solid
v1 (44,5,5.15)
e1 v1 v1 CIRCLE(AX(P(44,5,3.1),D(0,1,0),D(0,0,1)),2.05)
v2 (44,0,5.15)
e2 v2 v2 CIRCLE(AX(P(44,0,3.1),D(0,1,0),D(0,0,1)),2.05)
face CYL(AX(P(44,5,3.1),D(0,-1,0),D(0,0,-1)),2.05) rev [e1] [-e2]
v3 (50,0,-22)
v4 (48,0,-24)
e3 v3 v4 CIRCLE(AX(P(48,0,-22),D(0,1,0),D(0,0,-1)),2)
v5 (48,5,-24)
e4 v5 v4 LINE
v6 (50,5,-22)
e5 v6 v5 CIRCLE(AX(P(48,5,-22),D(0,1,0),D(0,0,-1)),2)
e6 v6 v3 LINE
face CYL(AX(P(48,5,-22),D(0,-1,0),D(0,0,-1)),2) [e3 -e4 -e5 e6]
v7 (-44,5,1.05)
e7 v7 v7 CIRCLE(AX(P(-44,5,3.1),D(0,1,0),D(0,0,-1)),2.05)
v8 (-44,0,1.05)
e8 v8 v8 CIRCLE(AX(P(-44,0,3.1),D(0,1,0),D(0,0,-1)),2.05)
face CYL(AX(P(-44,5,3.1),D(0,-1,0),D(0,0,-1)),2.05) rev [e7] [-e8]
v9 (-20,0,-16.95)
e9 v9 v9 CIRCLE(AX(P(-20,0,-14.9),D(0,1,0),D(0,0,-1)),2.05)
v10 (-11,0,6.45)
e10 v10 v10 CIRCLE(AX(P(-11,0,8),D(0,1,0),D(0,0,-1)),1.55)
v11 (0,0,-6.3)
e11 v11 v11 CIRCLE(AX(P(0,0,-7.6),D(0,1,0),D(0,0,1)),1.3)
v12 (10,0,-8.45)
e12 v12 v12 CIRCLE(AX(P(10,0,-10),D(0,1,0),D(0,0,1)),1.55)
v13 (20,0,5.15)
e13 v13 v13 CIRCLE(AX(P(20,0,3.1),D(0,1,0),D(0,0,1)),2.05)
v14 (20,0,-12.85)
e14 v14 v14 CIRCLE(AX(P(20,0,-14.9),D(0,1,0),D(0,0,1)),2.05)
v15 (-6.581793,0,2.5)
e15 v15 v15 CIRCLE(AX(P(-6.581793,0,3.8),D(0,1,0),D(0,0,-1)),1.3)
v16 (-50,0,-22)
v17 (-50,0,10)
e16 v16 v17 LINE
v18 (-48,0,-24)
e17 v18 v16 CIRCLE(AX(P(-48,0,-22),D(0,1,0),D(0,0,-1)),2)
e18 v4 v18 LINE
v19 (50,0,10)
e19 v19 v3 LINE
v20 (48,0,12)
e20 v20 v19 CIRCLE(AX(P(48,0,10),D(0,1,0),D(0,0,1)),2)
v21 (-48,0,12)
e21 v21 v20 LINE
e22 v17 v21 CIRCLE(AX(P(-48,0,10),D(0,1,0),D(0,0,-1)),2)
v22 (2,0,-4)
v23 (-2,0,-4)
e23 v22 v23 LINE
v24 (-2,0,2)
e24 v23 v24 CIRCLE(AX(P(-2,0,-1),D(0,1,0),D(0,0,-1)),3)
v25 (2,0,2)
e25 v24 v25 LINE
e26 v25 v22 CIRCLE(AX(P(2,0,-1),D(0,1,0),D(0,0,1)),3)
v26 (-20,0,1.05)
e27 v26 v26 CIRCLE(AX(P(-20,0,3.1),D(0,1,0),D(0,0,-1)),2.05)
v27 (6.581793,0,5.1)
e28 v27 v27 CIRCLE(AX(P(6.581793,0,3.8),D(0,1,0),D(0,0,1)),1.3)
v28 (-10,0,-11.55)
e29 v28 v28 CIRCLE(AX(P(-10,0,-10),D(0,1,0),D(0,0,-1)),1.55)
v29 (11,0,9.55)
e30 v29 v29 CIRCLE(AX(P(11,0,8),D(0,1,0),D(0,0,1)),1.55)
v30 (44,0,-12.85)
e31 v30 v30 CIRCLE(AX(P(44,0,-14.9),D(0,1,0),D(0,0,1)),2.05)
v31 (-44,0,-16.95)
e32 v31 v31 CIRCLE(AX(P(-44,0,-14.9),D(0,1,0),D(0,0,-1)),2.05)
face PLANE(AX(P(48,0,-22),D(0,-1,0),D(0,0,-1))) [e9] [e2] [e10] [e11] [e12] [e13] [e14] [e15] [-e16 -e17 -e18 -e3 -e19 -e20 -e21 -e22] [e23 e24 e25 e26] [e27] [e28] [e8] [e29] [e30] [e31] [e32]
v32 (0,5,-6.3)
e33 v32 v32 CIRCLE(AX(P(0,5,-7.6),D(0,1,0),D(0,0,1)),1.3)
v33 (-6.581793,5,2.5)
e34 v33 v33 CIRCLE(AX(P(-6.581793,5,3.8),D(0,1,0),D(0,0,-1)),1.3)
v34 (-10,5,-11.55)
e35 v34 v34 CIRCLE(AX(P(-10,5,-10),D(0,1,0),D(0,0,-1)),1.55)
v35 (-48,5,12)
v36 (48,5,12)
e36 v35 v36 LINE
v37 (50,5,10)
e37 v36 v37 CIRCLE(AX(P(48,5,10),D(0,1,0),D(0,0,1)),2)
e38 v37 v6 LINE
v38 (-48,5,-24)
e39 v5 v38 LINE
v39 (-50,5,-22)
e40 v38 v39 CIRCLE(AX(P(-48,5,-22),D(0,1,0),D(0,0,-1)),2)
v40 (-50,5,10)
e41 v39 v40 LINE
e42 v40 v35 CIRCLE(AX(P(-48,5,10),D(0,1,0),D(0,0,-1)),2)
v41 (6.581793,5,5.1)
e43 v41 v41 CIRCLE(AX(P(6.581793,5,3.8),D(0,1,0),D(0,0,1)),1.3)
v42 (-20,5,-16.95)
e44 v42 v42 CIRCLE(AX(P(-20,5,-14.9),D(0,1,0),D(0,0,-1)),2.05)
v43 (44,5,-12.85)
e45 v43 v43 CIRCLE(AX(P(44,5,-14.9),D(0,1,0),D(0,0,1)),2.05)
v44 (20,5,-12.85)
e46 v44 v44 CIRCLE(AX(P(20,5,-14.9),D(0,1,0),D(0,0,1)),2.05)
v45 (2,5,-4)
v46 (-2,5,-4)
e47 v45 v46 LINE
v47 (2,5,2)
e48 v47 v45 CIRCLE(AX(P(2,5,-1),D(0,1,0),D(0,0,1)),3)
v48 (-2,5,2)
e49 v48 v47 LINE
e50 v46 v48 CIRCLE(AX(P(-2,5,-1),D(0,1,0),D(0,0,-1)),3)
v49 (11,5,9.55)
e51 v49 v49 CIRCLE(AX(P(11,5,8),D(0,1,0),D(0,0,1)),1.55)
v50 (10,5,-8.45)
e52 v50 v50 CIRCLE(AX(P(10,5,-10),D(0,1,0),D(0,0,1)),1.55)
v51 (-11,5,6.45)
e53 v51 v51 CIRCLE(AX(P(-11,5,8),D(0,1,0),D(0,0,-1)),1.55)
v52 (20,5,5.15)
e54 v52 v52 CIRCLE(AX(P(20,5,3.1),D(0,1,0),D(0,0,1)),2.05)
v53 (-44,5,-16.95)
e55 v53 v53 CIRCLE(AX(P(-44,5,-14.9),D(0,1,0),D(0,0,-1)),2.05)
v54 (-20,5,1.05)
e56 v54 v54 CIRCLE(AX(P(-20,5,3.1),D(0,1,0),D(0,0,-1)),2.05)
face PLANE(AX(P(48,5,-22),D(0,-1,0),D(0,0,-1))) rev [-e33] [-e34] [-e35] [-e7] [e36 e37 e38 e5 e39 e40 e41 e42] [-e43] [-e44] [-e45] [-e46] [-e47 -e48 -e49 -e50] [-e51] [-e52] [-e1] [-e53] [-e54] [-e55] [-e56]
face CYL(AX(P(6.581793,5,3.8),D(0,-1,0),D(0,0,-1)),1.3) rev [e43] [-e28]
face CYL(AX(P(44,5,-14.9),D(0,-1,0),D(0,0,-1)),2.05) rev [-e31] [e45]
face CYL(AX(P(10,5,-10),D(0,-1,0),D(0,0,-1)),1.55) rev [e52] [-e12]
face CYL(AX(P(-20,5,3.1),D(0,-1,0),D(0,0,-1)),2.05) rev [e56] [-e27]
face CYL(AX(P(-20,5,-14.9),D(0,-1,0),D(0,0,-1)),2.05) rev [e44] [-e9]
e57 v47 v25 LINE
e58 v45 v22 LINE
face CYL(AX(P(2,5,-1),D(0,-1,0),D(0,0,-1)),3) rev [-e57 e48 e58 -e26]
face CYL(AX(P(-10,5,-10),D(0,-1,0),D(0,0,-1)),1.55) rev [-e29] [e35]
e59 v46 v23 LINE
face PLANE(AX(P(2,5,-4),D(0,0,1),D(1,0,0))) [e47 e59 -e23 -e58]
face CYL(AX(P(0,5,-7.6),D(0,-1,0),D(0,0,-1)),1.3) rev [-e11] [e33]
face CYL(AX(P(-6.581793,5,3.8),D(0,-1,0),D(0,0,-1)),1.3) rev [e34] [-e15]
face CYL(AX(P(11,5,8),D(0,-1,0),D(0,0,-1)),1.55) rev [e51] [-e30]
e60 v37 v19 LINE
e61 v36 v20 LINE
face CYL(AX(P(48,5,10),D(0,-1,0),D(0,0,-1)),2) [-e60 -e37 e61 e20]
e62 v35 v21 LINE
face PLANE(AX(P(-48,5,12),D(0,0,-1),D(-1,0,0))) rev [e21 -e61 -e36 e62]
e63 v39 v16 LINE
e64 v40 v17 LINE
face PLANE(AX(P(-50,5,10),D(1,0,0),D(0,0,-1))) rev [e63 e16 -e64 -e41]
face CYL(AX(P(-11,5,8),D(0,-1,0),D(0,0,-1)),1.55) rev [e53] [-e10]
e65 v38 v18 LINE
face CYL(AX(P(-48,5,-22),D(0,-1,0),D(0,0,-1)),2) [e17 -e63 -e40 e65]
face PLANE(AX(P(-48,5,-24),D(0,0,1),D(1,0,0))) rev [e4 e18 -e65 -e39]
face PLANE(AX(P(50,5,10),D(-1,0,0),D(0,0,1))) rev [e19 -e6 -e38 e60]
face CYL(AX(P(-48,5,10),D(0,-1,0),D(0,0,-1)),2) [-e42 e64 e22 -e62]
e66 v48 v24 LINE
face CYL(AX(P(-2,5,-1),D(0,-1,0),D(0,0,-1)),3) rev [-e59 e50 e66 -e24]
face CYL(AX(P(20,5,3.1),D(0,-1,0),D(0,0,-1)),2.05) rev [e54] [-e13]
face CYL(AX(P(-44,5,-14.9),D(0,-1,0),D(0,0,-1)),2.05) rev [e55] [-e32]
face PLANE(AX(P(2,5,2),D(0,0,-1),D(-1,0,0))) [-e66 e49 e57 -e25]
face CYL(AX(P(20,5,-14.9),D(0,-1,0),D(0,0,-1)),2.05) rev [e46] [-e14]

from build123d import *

# Parameters (mm, degrees)
SKETCH1_R           = 1.3
SKETCH1_R_2         = 2.05
SKETCH1_R_3         = 1.55
BOSS_EXTRUDE1_DEPTH = 5


with BuildPart() as part:
    # Sketch1 → Boss-Extrude1 (new body)
    with BuildSketch(Plane(origin=(0, 0, 0), x_dir=(1, 0, 0), z_dir=(0, 1, 0))):
        with BuildLine():
            Line((-48, -12), (48, -12))
            ThreePointArc((48, -12), (49.414213562, -11.414213562), (50, -10))
            Line((50, -10), (50, 22))
            ThreePointArc((50, 22), (49.414213562, 23.414213562), (48, 24))
            Line((48, 24), (-48, 24))
            ThreePointArc((-48, 24), (-49.414213562, 23.414213562), (-50, 22))
            Line((-50, 22), (-50, -10))
            ThreePointArc((-50, -10), (-49.414213562, -11.414213562), (-48, -12))
        make_face()
        with Locations(Location((0, 7.6, 0), (0, 0, 270))):
            Circle(SKETCH1_R, mode=Mode.SUBTRACT)
        with Locations(Location((6.581793069, -3.8, 0), (0, 0, 270))):
            Circle(SKETCH1_R, mode=Mode.SUBTRACT)
        with Locations(Location((-6.581793069, -3.8, 0), (0, 0, 90))):
            Circle(SKETCH1_R, mode=Mode.SUBTRACT)
        with Locations(Location((44, 14.9, 0), (0, 0, 270))):
            Circle(SKETCH1_R_2, mode=Mode.SUBTRACT)
        with Locations(Location((20, 14.9, 0), (0, 0, 270))):
            Circle(SKETCH1_R_2, mode=Mode.SUBTRACT)
        with Locations(Location((44, -3.1, 0), (0, 0, 270))):
            Circle(SKETCH1_R_2, mode=Mode.SUBTRACT)
        with Locations(Location((20, -3.1, 0), (0, 0, 270))):
            Circle(SKETCH1_R_2, mode=Mode.SUBTRACT)
        with Locations(Location((-44, -3.1, 0), (0, 0, 90))):
            Circle(SKETCH1_R_2, mode=Mode.SUBTRACT)
        with Locations(Location((-20, -3.1, 0), (0, 0, 90))):
            Circle(SKETCH1_R_2, mode=Mode.SUBTRACT)
        with Locations(Location((-20, 14.9, 0), (0, 0, 90))):
            Circle(SKETCH1_R_2, mode=Mode.SUBTRACT)
        with Locations(Location((-44, 14.9, 0), (0, 0, 90))):
            Circle(SKETCH1_R_2, mode=Mode.SUBTRACT)
        with Locations(Location((11, -8, 0), (0, 0, 270))):
            Circle(SKETCH1_R_3, mode=Mode.SUBTRACT)
        with Locations(Location((10, 10, 0), (0, 0, 270))):
            Circle(SKETCH1_R_3, mode=Mode.SUBTRACT)
        with Locations(Location((-11, -8, 0), (0, 0, 90))):
            Circle(SKETCH1_R_3, mode=Mode.SUBTRACT)
        with Locations(Location((-10, 10, 0), (0, 0, 90))):
            Circle(SKETCH1_R_3, mode=Mode.SUBTRACT)
        with BuildLine():
            Line((2, 4), (-2, 4))
            ThreePointArc((-2, 4), (-5, 1), (-2, -2))
            Line((-2, -2), (2, -2))
            ThreePointArc((2, -2), (5, 1), (2, 4))
        make_face(mode=Mode.SUBTRACT)
    extrude(amount=BOSS_EXTRUDE1_DEPTH)


solid = part.part
